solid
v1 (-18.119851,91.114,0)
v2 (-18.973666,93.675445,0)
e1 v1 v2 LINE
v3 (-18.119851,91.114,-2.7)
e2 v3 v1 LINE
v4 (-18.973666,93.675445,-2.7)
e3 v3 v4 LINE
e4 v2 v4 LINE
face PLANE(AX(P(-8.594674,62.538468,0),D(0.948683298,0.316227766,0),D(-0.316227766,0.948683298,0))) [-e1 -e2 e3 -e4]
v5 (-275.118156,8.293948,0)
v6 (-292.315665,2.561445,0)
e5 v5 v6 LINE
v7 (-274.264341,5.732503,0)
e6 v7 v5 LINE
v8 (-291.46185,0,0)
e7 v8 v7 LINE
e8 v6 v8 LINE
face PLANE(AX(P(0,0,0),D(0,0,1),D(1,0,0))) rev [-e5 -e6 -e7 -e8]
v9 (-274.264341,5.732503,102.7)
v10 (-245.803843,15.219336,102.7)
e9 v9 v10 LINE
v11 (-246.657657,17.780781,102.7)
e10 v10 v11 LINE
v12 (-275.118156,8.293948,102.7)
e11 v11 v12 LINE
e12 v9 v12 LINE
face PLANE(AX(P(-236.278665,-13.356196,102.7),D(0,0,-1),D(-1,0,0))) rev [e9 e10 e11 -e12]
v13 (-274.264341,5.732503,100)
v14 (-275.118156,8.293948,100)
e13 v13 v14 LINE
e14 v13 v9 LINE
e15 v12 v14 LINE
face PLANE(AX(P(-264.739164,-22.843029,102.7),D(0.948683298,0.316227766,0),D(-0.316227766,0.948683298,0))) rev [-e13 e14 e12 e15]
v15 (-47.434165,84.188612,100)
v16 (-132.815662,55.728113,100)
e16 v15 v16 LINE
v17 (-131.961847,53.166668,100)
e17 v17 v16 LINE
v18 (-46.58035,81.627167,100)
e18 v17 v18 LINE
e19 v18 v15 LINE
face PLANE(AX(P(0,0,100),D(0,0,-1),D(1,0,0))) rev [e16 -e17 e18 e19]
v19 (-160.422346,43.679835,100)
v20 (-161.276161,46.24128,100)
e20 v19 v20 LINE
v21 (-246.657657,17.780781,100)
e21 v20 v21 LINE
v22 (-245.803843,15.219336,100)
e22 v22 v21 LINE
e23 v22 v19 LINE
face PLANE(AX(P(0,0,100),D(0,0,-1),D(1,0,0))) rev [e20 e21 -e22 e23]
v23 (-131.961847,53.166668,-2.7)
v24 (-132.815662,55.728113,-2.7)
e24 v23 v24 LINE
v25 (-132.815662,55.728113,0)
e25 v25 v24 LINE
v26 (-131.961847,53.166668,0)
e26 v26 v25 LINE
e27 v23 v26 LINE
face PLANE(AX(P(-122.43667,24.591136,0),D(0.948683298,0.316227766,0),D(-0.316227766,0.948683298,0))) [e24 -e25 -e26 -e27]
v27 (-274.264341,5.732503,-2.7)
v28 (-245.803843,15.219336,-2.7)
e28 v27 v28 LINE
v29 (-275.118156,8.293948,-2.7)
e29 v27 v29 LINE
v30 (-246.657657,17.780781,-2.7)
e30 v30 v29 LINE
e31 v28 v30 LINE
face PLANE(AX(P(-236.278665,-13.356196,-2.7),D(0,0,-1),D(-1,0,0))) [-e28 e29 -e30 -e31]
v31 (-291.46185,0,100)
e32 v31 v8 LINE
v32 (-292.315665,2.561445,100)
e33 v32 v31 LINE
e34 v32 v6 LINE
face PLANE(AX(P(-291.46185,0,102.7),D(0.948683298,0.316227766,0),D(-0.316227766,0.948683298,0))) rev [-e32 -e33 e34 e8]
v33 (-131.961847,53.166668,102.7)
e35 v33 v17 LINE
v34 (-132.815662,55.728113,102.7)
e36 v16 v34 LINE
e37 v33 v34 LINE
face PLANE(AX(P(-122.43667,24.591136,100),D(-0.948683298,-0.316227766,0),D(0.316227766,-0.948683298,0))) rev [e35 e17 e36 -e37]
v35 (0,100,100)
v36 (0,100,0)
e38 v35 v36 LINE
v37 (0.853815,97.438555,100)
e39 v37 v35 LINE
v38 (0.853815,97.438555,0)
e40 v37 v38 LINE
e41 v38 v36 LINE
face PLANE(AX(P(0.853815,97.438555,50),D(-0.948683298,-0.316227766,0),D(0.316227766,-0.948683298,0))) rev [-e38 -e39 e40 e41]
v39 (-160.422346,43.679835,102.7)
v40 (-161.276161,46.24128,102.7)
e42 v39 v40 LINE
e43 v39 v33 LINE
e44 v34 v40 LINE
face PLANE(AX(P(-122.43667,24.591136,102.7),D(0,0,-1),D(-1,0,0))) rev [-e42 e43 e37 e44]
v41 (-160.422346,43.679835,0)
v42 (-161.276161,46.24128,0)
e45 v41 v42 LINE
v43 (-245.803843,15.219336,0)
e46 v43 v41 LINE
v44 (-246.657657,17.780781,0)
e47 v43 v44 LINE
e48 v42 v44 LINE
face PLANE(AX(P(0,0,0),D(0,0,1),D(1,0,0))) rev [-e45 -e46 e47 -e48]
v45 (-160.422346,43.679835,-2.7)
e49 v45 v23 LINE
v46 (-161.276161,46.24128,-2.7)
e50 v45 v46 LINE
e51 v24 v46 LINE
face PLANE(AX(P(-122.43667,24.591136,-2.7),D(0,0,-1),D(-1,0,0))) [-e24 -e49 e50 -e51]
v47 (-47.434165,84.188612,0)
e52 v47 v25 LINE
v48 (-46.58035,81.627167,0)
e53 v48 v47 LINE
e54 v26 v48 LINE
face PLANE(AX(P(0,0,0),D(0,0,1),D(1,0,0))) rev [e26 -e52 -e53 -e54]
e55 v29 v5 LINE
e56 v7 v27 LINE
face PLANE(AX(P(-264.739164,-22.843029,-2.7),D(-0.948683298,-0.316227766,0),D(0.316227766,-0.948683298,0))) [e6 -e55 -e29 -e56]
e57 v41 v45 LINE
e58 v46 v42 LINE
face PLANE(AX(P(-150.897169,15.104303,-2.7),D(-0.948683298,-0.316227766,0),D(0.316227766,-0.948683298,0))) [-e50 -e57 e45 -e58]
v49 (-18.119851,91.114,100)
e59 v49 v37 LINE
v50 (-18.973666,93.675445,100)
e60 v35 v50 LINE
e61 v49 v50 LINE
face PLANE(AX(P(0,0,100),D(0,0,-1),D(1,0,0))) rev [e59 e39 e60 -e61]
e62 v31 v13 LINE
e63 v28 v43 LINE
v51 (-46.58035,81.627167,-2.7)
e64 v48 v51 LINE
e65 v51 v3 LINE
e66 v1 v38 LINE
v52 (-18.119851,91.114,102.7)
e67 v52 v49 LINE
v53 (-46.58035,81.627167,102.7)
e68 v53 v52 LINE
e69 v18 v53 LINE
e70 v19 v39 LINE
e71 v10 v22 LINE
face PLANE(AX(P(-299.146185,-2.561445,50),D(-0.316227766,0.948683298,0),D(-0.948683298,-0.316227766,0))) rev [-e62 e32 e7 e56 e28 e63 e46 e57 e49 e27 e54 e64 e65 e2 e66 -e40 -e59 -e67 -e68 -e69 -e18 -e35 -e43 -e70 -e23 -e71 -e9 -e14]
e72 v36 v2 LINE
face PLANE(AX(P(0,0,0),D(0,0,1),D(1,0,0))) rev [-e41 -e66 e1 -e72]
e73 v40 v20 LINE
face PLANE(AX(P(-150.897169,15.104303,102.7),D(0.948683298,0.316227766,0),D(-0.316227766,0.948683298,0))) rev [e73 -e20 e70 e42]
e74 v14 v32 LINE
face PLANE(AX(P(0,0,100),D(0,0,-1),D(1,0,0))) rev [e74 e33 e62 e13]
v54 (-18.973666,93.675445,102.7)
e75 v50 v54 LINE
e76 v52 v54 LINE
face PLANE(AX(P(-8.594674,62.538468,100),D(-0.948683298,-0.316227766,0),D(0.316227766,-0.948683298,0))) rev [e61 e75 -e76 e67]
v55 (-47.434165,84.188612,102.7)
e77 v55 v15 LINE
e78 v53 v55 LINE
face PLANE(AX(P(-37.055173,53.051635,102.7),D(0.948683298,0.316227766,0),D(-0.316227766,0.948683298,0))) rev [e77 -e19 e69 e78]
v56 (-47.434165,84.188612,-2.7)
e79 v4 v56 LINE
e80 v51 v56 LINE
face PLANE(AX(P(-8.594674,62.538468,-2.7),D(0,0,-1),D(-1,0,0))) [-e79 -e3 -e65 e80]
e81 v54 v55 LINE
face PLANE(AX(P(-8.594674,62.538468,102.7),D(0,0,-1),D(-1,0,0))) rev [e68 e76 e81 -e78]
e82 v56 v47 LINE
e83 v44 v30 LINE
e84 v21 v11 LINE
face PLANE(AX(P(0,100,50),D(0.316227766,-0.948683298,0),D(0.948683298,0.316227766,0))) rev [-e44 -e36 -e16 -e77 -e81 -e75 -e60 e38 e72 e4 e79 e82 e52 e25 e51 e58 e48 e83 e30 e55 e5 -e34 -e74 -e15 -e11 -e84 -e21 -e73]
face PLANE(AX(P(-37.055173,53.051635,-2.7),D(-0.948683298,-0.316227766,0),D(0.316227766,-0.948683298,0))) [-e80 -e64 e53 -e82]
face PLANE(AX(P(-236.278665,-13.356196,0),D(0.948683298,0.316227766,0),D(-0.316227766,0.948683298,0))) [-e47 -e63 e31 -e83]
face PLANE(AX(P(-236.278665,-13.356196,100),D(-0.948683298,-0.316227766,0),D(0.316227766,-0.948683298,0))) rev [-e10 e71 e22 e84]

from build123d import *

# Parameters (mm, degrees)
BOSS_EXTRUDE1_DEPTH = 50
SKETCH2_W           = 30
SKETCH2_H           = 2.7
BOSS_EXTRUDE2_DEPTH = 2.7
SKETCH3_W           = 2.743497838
SKETCH3_H           = 100
CUT_EXTRUDE1_DEPTH  = 50
CUT_EXTRUDE2_DEPTH  = 331.140027497


with BuildPart() as part:
    # Sketch1 → Boss-Extrude1 (new body)
    with BuildSketch(Plane.XY):
        Polygon((-300, 0), (-299.146185032, -2.561444905), (0.853814968, 97.438555095), (0, 100), align=None)
    boss_extrude1 = extrude(amount=BOSS_EXTRUDE1_DEPTH)

    # Sketch2 → Boss-Extrude2 (add)
    with BuildSketch(Plane(origin=(-30, 90, 0), x_dir=(0.9486832980505159, 0.3162277660168317, 0), z_dir=(-0.3162277660168318, 0.948683298050516, 0))):
        with Locations((-3.377223398, 1.35)):
            Rectangle(SKETCH2_W, SKETCH2_H)
        with Locations((-123.377223398, 1.35)):
            Rectangle(SKETCH2_W, SKETCH2_H)
        with Locations((-243.377223398, 1.35)):
            Rectangle(SKETCH2_W, SKETCH2_H)
    boss_extrude2 = extrude(amount=-BOSS_EXTRUDE2_DEPTH)

    # Mirror1: Boss-Extrude1 across plane
    add(boss_extrude1.mirror(Plane.XY.offset(50)))

    # Mirror2: Boss-Extrude2 across plane
    add(boss_extrude2.mirror(Plane.XY.offset(50)))

    # Sketch3 → Cut-Extrude1 (cut)
    with BuildSketch(Plane(origin=(-30, 90, 0), x_dir=(0.9486832980505159, 0.3162277660168317, 0), z_dir=(-0.3162277660168318, 0.948683298050516, 0))):
        with Locations((-283.233240496, -50)):
            Rectangle(SKETCH3_W, SKETCH3_H)
    extrude(amount=-CUT_EXTRUDE1_DEPTH, mode=Mode.SUBTRACT)

    # Sketch4 → Cut-Extrude2 (cut, through all)
    with BuildSketch(Plane(origin=(0, 0, 0), x_dir=(-1, 0, 0), z_dir=(0, 0, -1))):
        Polygon((296.543474454, -1.693874712), (297.108099358, 0), (297.397289422, 0.867570193), (292.315665286, 2.561444905), (291.461850318, 0), align=None)
    extrude(amount=-CUT_EXTRUDE2_DEPTH, mode=Mode.SUBTRACT)


solid = part.part
